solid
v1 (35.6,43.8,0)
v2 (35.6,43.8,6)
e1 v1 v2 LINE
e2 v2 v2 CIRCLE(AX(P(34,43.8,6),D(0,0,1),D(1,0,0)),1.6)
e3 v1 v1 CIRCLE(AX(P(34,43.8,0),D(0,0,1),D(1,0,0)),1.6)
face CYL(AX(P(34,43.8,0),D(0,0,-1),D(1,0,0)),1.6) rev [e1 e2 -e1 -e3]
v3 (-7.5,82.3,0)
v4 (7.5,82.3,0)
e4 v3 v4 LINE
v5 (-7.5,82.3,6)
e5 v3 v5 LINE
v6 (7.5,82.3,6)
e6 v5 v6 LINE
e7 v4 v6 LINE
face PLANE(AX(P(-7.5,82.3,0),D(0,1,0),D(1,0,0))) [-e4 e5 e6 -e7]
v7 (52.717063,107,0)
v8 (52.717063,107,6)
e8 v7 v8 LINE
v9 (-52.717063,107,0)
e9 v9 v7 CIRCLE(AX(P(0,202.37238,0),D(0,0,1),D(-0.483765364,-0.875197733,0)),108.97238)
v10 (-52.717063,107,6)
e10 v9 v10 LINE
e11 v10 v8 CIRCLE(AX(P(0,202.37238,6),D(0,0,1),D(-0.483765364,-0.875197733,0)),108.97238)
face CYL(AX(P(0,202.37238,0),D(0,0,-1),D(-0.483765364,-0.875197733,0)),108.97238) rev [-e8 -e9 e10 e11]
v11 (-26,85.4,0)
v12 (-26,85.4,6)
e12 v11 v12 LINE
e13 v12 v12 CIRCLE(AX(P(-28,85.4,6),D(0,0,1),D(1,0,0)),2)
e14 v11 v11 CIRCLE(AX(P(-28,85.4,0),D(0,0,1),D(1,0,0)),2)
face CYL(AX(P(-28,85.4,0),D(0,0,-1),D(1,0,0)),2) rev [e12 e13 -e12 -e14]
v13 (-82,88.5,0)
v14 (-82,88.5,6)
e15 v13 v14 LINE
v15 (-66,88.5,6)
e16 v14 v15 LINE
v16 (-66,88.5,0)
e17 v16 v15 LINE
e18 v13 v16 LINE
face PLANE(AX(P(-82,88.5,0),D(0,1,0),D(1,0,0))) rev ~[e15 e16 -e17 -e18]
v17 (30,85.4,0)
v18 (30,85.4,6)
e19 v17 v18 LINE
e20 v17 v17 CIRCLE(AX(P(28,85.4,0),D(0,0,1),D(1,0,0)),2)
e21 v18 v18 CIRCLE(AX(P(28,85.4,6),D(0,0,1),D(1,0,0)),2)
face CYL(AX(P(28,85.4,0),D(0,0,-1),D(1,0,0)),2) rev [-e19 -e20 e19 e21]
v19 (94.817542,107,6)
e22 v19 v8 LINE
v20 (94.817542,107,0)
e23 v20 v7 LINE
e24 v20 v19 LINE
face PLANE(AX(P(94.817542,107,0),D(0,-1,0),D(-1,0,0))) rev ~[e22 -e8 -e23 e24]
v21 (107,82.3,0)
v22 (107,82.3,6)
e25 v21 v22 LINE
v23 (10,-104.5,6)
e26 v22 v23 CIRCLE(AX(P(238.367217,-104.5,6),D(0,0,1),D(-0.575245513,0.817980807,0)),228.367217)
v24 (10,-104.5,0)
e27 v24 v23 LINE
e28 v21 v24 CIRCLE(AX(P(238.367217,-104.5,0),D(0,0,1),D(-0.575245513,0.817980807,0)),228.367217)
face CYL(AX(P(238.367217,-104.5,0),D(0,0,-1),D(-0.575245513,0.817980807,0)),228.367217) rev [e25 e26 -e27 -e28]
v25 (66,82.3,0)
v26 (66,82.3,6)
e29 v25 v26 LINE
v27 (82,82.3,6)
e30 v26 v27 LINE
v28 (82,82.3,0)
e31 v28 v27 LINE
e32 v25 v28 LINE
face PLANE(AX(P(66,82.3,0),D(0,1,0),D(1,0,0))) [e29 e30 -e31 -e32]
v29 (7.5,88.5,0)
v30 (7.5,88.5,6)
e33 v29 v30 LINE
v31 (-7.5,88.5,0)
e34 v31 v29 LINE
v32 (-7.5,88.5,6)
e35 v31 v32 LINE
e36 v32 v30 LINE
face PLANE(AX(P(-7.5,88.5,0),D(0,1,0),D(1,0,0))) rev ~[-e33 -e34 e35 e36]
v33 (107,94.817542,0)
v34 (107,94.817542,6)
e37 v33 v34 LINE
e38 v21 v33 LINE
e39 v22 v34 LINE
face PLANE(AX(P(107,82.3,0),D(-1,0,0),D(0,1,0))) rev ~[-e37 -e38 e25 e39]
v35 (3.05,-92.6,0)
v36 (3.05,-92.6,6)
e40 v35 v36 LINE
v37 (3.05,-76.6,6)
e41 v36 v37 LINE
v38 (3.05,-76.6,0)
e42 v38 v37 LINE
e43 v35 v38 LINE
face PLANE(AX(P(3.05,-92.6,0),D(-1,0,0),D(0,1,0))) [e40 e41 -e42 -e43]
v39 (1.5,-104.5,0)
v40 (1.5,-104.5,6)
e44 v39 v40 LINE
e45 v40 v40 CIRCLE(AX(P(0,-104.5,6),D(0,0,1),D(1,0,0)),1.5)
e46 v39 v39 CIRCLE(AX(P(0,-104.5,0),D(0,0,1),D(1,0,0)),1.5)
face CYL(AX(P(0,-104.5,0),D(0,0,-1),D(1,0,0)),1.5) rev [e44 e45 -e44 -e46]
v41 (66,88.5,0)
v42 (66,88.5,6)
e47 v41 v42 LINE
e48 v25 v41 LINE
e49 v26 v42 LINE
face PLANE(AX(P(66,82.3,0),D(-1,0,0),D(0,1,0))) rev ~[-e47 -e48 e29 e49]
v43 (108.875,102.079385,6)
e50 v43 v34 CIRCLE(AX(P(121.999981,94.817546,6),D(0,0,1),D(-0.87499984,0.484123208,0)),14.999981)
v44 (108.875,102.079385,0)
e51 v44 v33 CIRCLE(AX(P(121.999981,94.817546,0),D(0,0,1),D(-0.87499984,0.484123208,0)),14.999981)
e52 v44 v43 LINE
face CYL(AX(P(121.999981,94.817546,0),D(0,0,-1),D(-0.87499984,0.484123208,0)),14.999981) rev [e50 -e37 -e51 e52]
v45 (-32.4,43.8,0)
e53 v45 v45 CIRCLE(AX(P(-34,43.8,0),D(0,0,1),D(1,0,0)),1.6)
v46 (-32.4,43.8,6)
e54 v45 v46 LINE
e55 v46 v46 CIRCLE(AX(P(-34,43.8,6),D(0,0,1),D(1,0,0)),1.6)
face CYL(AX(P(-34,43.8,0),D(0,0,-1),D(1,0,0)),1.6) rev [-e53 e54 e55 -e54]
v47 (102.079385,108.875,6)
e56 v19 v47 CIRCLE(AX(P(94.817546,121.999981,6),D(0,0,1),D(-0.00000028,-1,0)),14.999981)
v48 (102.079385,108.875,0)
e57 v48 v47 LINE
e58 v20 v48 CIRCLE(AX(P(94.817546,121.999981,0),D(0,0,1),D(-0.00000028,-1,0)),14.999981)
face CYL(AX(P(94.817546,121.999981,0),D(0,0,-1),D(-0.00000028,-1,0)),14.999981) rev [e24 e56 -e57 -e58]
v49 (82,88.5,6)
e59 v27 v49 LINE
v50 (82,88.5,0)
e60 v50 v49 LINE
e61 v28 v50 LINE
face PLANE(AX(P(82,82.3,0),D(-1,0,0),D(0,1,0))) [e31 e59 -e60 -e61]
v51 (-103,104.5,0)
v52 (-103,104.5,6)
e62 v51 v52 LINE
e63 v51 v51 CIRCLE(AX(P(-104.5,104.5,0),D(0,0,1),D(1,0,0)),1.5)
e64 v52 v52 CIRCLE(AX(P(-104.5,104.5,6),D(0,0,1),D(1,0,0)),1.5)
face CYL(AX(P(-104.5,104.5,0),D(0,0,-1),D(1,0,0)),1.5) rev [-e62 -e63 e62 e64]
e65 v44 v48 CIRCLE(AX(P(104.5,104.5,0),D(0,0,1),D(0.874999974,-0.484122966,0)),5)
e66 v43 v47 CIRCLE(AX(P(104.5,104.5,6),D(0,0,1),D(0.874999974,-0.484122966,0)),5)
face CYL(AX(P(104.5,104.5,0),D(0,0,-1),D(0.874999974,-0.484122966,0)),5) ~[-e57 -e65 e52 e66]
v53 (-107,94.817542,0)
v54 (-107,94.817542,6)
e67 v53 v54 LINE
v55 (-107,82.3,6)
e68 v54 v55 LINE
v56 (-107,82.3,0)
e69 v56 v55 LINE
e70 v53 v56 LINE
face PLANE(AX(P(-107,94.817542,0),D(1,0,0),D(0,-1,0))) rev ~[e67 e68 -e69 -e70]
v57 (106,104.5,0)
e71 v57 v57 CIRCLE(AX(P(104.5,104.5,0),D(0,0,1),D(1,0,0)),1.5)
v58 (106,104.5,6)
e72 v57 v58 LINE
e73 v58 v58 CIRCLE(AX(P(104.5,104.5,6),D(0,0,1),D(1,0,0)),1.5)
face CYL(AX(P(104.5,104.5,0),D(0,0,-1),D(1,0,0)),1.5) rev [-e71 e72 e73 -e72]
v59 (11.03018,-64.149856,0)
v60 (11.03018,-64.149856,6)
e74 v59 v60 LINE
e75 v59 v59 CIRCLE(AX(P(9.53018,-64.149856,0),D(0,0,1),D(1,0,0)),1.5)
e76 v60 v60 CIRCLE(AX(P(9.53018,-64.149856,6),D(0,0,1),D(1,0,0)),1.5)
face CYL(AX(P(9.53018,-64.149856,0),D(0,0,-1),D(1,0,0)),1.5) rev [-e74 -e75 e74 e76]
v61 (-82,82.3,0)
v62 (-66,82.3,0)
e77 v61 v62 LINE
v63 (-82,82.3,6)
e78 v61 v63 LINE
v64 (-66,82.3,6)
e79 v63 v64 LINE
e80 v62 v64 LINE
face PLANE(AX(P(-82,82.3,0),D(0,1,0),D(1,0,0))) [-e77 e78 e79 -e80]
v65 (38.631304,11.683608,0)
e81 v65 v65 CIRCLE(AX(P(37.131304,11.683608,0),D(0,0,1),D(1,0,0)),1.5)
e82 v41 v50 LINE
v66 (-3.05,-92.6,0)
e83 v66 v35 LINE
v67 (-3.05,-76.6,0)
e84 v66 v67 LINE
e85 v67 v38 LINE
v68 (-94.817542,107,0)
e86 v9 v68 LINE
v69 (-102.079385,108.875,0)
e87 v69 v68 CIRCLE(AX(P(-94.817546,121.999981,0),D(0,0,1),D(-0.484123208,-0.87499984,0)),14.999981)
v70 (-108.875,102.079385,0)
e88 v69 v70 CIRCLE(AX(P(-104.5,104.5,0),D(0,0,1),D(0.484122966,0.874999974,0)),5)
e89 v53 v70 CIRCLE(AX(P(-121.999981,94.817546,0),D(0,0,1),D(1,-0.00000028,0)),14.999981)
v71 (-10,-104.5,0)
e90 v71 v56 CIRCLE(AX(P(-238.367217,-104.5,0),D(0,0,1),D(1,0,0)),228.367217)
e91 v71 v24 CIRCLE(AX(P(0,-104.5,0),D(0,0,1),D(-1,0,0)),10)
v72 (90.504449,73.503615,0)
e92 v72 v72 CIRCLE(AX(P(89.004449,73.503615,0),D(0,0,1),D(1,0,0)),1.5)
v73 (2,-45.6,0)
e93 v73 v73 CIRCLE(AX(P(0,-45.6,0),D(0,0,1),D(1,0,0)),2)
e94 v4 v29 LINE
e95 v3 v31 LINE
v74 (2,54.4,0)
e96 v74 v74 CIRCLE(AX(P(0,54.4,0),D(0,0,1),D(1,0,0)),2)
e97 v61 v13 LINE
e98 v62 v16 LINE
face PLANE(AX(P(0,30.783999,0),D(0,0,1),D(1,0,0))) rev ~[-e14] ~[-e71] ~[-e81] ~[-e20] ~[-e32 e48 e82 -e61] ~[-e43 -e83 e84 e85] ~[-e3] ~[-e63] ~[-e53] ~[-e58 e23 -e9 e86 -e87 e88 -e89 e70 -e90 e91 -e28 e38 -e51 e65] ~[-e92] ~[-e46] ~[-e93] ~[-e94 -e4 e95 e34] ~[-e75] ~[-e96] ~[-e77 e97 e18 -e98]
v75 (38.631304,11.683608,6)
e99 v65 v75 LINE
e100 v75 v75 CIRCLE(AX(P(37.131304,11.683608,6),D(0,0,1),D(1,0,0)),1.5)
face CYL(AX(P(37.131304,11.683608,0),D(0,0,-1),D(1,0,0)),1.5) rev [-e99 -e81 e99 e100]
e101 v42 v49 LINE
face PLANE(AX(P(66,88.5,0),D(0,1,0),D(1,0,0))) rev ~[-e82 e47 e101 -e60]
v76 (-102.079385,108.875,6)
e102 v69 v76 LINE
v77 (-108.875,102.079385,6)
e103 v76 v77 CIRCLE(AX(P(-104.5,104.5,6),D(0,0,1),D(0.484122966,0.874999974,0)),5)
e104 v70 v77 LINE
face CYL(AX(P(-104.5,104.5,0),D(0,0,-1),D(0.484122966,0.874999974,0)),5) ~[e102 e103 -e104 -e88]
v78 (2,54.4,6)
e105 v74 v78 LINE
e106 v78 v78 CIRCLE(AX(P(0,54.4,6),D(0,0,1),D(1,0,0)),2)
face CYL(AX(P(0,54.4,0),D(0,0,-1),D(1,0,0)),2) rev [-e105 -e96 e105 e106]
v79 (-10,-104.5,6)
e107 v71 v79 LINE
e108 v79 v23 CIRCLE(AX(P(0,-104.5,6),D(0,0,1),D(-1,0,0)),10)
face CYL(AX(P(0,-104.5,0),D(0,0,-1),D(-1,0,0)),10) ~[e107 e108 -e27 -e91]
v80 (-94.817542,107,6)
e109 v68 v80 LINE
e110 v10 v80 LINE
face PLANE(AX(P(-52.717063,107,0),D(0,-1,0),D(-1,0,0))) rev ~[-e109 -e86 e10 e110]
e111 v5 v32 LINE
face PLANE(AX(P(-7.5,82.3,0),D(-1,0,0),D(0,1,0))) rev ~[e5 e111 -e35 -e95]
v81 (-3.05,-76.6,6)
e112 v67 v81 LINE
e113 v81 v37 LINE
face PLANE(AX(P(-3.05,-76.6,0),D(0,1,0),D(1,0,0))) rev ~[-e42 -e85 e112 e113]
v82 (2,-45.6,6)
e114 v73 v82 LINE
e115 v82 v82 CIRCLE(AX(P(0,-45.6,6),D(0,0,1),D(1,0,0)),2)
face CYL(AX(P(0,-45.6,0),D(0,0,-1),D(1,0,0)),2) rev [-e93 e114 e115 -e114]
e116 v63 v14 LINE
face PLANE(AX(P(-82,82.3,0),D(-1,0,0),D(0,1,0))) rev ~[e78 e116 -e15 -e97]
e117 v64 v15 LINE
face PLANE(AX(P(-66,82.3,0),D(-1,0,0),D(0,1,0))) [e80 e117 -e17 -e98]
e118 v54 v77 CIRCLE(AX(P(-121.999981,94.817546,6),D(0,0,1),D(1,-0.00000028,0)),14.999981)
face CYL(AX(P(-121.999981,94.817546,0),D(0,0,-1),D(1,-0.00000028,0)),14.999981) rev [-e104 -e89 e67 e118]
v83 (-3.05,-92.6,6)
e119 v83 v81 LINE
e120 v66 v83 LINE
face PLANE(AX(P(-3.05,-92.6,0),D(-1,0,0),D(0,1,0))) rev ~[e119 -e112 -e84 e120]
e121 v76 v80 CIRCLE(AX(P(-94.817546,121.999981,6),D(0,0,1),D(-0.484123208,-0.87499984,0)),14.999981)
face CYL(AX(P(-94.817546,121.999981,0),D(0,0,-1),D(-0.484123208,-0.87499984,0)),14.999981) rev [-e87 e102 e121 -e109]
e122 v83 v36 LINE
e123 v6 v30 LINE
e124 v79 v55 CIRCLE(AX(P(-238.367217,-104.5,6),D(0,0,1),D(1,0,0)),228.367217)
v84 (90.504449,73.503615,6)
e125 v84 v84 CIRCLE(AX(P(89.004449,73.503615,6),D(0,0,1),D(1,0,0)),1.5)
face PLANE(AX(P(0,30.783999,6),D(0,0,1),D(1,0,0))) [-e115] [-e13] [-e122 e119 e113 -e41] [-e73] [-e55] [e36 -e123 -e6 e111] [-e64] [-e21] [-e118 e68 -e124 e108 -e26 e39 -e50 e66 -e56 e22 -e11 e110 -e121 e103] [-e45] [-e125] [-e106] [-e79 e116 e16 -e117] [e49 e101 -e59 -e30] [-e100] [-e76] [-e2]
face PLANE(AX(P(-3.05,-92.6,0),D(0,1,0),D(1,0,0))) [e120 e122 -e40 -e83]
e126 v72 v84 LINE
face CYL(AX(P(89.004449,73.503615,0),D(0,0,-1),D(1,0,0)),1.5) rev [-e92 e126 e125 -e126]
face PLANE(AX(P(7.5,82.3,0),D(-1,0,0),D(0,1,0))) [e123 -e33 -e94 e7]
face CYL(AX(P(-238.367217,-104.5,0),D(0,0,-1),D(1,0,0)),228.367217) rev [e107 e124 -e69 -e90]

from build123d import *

# Parameters (mm, degrees)
SKETCH042_R   = 1.6
SKETCH042_R_2 = 1.5
SKETCH042_R_3 = 2
SKETCH042_W   = 15
SKETCH042_H   = 6.2
SKETCH042_W_2 = 16
SKETCH042_W_3 = 6.1
SKETCH042_H_2 = 16
PAD_DEPTH     = 6


with BuildPart() as part:
    # Sketch042 → Pad (new body)
    with BuildSketch(Plane.XY):
        with BuildLine():
            ThreePointArc((-10, -104.5), (0, -114.5), (10, -104.5))
            ThreePointArc((107, 82.3), (35.695621, 0.741674), (10, -104.5))
            Line((107, 82.3), (107, 94.817542))
            ThreePointArc((108.875, 102.079385), (107.476312, 98.567542), (107, 94.817542))
            ThreePointArc((108.875, 102.079385), (108.035534, 108.035534), (102.079385, 108.875))
            ThreePointArc((94.817542, 107), (98.567542, 107.476312), (102.079385, 108.875))
            Line((94.817542, 107), (52.717063, 107))
            ThreePointArc((-52.717063, 107), (0, 93.4), (52.717063, 107))
            Line((-52.717063, 107), (-94.817542, 107))
            ThreePointArc((-102.079385, 108.875), (-98.567542, 107.476312), (-94.817542, 107))
            ThreePointArc((-102.079385, 108.875), (-108.035534, 108.035534), (-108.875, 102.079385))
            ThreePointArc((-107, 94.817542), (-107.476312, 98.567542), (-108.875, 102.079385))
            Line((-107, 94.817542), (-107, 82.3))
            ThreePointArc((-10, -104.5), (-35.695621, 0.741674), (-107, 82.3))
        make_face()
        with Locations((34, 43.8)):
            Circle(SKETCH042_R, mode=Mode.SUBTRACT)
        with Locations((9.53018, -64.149856)):
            Circle(SKETCH042_R_2, mode=Mode.SUBTRACT)
        with Locations((-104.5, 104.5)):
            Circle(SKETCH042_R_2, mode=Mode.SUBTRACT)
        with Locations((28, 85.4)):
            Circle(SKETCH042_R_3, mode=Mode.SUBTRACT)
        with Locations((0, -104.5)):
            Circle(SKETCH042_R_2, mode=Mode.SUBTRACT)
        with Locations((-28, 85.4)):
            Circle(SKETCH042_R_3, mode=Mode.SUBTRACT)
        with Locations((-34, 43.8)):
            Circle(SKETCH042_R, mode=Mode.SUBTRACT)
        with Locations((0, 54.4)):
            Circle(SKETCH042_R_3, mode=Mode.SUBTRACT)
        with Locations((0, -45.6)):
            Circle(SKETCH042_R_3, mode=Mode.SUBTRACT)
        with Locations((104.5, 104.5)):
            Circle(SKETCH042_R_2, mode=Mode.SUBTRACT)
        with Locations((37.131304, 11.683608)):
            Circle(SKETCH042_R_2, mode=Mode.SUBTRACT)
        with Locations((89.004449, 73.503615)):
            Circle(SKETCH042_R_2, mode=Mode.SUBTRACT)
        with Locations((0, 85.4)):
            Rectangle(SKETCH042_W, SKETCH042_H, mode=Mode.SUBTRACT)
        with Locations((74, 85.4)):
            Rectangle(SKETCH042_W_2, SKETCH042_H, mode=Mode.SUBTRACT)
        with Locations((0, -84.6)):
            Rectangle(SKETCH042_W_3, SKETCH042_H_2, mode=Mode.SUBTRACT)
        with Locations((-74, 85.4)):
            Rectangle(SKETCH042_W_2, SKETCH042_H, mode=Mode.SUBTRACT)
    extrude(amount=PAD_DEPTH)


solid = part.part
